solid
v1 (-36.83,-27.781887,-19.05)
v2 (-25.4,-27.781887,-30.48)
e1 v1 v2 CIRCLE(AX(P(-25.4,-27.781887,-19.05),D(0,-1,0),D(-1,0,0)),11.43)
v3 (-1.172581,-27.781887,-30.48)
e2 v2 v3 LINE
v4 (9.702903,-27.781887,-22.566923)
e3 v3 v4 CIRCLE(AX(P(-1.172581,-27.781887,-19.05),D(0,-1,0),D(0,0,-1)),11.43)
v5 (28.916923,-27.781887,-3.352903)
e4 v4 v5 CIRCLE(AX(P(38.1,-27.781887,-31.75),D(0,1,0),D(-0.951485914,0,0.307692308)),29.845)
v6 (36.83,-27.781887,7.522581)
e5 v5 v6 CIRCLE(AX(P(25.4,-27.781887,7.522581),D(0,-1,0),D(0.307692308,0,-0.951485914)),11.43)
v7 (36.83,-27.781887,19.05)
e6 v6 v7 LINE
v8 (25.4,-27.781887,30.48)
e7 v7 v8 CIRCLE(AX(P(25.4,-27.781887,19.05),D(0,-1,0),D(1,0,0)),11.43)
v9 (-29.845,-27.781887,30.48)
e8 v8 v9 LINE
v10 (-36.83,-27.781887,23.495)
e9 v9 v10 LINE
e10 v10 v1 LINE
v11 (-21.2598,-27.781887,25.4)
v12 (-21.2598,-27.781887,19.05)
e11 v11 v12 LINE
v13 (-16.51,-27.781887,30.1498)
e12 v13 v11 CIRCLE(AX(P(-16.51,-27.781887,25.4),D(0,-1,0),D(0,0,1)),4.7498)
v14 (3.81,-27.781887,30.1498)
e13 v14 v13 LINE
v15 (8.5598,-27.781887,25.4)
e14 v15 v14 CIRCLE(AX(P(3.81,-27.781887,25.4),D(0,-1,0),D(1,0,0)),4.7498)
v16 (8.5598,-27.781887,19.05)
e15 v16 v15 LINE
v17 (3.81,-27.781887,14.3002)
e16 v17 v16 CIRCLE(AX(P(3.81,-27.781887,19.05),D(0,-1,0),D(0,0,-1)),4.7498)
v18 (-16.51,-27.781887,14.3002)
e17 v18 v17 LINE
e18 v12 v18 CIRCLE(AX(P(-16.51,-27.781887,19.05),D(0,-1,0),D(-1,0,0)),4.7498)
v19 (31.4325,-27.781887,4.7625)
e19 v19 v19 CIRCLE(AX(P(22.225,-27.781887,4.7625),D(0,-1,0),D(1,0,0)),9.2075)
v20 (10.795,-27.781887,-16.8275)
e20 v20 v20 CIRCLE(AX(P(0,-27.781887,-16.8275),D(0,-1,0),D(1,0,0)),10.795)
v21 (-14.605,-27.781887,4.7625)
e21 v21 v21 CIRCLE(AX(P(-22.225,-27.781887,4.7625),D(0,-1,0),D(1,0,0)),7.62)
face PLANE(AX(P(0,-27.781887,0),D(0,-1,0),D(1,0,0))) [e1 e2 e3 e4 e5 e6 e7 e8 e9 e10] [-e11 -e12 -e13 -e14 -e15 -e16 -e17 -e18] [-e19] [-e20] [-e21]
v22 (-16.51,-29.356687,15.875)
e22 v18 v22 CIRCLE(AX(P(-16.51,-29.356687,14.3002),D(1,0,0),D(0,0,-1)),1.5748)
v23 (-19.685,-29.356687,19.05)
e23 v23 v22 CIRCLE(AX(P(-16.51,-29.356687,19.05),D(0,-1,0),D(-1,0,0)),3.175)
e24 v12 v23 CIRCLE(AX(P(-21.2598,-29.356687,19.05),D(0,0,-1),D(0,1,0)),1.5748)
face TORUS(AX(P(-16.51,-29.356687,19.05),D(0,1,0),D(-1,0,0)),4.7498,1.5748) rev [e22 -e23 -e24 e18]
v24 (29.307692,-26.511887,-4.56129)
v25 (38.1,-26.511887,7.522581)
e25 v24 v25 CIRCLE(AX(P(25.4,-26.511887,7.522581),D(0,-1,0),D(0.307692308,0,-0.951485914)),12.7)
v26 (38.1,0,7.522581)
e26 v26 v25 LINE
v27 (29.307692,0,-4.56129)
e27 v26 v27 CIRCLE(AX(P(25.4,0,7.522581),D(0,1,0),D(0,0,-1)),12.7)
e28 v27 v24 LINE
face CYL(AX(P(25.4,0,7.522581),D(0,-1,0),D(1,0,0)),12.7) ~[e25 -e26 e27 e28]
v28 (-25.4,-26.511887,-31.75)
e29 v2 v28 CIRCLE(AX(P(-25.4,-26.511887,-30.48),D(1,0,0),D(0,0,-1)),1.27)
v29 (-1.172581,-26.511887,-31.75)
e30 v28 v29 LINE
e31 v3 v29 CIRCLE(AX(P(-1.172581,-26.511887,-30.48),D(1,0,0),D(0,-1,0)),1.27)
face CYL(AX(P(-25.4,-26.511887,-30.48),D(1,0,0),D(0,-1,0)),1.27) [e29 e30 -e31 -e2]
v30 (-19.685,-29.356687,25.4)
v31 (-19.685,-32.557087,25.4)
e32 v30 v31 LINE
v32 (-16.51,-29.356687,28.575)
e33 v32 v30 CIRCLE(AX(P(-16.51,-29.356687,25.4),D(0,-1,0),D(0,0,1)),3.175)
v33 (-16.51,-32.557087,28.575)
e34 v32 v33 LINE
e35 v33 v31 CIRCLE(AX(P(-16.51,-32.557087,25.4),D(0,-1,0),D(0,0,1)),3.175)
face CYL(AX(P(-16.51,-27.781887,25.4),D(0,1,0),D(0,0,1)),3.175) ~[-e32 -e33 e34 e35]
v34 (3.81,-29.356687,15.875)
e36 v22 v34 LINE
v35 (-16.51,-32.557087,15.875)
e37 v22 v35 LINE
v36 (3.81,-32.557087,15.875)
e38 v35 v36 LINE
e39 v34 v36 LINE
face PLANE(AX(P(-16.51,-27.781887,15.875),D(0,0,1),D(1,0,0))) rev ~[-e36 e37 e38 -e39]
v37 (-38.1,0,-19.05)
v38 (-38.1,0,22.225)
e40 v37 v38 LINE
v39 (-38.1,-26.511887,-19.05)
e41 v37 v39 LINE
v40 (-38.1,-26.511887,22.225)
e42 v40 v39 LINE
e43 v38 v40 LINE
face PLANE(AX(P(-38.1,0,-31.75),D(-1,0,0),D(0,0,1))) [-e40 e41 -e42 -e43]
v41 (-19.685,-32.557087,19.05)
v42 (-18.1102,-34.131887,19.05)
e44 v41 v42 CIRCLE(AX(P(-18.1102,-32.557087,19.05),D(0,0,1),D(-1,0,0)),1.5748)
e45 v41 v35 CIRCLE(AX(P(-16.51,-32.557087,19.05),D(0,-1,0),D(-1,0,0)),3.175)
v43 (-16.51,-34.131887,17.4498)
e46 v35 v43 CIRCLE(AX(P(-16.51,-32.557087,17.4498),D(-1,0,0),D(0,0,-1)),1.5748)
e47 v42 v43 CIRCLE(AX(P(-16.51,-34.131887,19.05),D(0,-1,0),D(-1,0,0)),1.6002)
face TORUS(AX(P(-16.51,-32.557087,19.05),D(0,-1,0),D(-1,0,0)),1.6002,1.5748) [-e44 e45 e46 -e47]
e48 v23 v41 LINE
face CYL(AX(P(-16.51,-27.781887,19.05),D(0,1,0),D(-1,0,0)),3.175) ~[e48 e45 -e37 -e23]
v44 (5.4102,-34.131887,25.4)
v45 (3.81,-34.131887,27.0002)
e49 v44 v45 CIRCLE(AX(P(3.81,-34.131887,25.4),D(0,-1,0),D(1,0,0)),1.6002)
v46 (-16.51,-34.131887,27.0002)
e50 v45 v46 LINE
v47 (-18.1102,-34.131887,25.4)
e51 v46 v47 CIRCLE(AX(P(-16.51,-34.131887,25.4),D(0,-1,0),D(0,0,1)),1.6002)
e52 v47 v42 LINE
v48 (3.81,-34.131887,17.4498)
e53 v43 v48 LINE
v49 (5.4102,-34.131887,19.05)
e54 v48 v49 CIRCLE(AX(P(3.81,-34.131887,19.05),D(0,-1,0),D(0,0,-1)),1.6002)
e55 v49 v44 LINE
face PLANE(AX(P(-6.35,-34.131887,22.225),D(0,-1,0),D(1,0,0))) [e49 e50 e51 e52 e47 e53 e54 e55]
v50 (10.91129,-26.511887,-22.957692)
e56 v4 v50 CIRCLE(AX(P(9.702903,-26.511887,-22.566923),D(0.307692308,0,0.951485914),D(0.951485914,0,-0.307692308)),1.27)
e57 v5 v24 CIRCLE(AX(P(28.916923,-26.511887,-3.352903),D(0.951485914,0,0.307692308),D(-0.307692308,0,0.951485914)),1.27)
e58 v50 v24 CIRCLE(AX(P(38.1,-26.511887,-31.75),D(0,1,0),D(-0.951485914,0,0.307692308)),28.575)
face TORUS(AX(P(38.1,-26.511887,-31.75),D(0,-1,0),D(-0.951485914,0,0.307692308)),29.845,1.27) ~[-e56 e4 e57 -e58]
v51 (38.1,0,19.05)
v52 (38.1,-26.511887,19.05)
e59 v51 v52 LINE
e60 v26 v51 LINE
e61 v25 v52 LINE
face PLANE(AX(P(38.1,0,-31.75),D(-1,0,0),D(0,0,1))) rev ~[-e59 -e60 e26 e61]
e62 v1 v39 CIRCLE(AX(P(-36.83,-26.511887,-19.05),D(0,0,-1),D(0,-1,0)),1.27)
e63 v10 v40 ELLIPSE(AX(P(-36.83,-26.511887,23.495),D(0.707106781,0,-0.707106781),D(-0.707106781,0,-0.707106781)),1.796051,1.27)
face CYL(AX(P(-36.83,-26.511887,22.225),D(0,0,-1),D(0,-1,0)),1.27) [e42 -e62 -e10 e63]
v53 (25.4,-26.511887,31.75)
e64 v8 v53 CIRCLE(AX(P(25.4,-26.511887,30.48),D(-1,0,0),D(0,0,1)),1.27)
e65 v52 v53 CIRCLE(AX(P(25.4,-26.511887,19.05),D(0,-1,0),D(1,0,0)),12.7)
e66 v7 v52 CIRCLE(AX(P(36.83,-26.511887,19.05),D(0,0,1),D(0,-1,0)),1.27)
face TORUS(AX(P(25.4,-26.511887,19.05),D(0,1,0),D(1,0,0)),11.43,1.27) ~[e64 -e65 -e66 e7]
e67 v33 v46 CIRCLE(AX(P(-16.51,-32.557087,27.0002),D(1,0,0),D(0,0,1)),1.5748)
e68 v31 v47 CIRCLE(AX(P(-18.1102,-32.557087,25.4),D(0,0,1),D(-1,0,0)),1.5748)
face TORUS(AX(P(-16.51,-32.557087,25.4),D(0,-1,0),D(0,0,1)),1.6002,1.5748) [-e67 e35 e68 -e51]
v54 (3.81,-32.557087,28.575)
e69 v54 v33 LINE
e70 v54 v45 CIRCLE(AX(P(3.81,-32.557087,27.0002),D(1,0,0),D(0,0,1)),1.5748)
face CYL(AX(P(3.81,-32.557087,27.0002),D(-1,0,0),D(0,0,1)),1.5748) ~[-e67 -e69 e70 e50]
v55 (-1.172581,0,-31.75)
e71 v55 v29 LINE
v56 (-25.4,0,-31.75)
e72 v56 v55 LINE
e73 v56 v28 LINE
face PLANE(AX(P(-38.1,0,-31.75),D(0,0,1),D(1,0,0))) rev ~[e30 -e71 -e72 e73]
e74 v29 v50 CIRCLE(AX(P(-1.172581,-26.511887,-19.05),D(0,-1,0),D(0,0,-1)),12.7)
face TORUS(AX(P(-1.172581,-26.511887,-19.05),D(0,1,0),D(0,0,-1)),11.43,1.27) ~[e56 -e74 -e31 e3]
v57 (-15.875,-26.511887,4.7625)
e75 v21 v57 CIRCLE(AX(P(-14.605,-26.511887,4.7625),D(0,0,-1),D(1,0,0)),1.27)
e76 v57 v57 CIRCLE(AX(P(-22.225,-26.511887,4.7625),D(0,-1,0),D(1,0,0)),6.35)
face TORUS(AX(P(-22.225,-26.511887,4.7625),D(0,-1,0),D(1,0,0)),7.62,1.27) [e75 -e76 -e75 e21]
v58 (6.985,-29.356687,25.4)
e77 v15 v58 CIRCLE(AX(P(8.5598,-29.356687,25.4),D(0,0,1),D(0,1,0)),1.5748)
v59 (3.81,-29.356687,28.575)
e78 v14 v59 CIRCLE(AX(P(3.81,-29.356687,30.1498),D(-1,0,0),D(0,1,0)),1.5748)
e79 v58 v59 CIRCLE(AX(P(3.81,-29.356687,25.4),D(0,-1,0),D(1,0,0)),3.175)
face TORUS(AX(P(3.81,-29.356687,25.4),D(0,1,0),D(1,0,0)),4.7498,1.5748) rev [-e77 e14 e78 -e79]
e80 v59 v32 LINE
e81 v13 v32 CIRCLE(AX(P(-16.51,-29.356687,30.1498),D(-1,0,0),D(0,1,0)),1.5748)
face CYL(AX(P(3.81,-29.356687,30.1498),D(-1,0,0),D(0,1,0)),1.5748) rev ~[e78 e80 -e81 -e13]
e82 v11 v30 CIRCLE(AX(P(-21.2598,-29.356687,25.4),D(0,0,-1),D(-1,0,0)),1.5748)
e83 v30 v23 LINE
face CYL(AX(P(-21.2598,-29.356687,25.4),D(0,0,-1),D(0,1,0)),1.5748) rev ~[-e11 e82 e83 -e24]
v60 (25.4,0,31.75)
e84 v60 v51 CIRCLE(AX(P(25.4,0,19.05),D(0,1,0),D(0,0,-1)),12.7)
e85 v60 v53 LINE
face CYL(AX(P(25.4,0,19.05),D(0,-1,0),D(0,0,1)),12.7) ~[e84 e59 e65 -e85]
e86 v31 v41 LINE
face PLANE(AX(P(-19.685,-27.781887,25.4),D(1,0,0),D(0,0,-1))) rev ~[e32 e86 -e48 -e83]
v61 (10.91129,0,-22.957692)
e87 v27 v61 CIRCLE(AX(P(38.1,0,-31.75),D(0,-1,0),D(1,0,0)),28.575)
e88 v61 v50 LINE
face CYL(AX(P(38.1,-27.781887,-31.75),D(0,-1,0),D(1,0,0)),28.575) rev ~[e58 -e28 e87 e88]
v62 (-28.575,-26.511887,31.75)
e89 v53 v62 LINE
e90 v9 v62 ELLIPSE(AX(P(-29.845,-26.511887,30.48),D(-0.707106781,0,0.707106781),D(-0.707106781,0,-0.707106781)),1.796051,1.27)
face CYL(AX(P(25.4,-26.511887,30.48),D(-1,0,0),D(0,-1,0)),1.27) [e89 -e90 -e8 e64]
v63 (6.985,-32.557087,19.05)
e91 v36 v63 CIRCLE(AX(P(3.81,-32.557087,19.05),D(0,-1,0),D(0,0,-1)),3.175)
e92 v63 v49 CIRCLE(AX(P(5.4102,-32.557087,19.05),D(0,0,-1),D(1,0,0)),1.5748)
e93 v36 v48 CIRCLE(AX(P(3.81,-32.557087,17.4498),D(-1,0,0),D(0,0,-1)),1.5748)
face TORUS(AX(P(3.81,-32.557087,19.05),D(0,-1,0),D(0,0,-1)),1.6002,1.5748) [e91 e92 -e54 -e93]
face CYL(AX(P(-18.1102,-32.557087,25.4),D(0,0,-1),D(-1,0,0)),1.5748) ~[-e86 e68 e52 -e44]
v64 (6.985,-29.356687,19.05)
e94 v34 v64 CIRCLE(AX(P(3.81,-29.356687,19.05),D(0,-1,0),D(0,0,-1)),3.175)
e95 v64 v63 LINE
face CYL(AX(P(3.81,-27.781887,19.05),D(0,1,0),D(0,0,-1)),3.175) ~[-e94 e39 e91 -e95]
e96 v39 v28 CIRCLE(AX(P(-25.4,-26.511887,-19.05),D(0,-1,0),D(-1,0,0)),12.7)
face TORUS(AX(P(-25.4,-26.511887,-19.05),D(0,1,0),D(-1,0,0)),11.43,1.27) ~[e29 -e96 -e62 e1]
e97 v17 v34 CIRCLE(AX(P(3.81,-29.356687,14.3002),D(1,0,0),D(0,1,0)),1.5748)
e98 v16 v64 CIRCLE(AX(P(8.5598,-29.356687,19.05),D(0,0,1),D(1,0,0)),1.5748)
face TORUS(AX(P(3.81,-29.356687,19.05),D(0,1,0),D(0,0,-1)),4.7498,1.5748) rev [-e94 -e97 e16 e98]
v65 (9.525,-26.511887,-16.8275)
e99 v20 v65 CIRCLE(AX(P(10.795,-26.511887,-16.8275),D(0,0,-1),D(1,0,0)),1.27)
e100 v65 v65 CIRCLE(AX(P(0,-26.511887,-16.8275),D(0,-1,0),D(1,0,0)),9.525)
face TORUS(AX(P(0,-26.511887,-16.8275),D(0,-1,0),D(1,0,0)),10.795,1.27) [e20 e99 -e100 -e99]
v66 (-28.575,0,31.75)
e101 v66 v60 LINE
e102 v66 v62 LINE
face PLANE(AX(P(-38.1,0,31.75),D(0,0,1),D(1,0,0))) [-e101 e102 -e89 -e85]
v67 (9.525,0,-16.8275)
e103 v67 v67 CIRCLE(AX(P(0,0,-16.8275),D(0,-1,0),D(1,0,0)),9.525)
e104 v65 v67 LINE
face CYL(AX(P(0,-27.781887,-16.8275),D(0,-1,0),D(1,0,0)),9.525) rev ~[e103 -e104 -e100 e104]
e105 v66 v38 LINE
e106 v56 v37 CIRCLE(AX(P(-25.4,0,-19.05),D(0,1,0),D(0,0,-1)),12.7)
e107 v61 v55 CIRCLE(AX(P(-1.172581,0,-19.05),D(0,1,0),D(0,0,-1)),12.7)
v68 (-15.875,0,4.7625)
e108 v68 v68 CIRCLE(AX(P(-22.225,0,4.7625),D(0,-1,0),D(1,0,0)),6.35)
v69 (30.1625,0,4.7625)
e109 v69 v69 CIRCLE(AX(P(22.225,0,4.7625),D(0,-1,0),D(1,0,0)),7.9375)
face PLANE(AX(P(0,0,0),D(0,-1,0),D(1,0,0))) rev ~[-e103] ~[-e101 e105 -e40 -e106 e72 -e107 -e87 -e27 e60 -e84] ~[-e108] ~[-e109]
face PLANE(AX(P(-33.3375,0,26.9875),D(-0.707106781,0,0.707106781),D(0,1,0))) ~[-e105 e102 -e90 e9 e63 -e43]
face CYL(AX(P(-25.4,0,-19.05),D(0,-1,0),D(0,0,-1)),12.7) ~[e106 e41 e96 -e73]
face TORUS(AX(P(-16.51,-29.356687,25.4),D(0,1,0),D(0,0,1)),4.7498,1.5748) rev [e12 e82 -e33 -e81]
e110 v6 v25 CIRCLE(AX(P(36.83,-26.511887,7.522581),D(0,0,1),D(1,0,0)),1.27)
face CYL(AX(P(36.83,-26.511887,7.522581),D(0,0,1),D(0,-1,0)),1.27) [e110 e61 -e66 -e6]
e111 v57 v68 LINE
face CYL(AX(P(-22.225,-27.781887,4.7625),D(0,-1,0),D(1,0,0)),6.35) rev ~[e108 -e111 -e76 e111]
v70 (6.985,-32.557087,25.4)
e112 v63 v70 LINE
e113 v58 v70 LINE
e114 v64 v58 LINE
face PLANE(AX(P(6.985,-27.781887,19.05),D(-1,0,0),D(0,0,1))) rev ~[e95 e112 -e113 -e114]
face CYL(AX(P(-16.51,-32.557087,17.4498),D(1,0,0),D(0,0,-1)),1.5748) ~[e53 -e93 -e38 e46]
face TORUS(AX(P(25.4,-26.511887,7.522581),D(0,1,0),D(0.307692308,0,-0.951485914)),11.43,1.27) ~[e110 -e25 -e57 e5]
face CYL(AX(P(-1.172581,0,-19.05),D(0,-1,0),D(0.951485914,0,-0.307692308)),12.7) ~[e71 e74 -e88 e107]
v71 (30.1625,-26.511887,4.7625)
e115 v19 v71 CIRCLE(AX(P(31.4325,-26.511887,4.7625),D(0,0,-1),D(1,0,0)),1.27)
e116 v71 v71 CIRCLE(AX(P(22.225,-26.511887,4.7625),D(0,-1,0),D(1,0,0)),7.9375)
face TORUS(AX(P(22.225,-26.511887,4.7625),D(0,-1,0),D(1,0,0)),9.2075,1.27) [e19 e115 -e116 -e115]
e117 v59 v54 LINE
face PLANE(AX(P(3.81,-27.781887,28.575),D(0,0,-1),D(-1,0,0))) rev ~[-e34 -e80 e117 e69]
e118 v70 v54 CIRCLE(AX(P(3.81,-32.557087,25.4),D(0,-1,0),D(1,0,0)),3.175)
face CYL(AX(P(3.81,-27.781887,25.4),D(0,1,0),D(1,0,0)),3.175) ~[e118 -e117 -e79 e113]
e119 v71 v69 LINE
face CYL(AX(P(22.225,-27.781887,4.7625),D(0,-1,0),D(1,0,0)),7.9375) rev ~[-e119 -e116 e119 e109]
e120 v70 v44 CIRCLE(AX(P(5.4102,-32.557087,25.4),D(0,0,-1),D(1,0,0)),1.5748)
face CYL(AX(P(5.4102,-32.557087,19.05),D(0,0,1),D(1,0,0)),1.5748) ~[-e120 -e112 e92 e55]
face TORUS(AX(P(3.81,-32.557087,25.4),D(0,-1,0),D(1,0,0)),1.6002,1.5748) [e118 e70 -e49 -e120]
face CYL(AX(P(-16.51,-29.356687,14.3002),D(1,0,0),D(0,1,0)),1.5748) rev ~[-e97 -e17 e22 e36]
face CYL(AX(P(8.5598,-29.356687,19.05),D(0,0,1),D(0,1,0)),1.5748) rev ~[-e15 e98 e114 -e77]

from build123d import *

# Parameters (mm, degrees)
F0_W      = 76.2
F0_H      = 63.5
F1_DEPTH  = 27.7818869799
F2_R      = 6.35
F2_R_2    = 9.525
F2_R_3    = 7.9375
F3_DEPTH  = 27.7828869799
F4_R      = 12.7
F5_SIZE   = 9.525
F6_R      = 28.575
F7_DEPTH  = 27.7828869799
F8_R      = 12.7
F10_DEPTH = 6.35
F11_R     = 1.5748
F12_R     = 1.27


with BuildPart() as f1:
    # F0 (on Front) → F1 (new body)
    with BuildSketch(Plane.XZ):
        Rectangle(F0_W, F0_H)
    extrude(amount=F1_DEPTH)

    # F2 (on face) → F3 (cut, through all)
    with BuildSketch(Plane.XZ.offset(27.7818869799)):
        with Locations((-22.225, 4.7625)):
            Circle(F2_R)
        with Locations((0, -16.8275)):
            Circle(F2_R_2)
        with Locations((22.225, 4.7625)):
            Circle(F2_R_3)
    extrude(amount=-F3_DEPTH, mode=Mode.SUBTRACT)

    # F4
    f4_edges = [f1.edges().sort_by_distance(p)[0] for p in [
        (38.1, -13.890943, 31.75),
    ]]
    fillet(f4_edges, radius=F4_R)

    # F5
    f5_edges = [f1.edges().sort_by_distance(p)[0] for p in [
        (-38.1, -13.890943, 31.75),
    ]]
    chamfer(f5_edges, length=F5_SIZE)

    # F6 (on face) → F7 (cut, through all)
    with BuildSketch(Plane.XZ.offset(27.7818869799)):
        with Locations((38.1, -31.75)):
            Circle(F6_R)
    extrude(amount=-F7_DEPTH, mode=Mode.SUBTRACT)

    # F8
    f8_edges = [f1.edges().sort_by_distance(p)[0] for p in [
        (-38.1, -13.890943, -31.75),
        (9.525, -13.890943, -31.75),
        (38.1, -13.890943, -3.175),
    ]]
    fillet(f8_edges, radius=F8_R)

    # F9 (on face) → F10 (join)
    with BuildSketch(Plane.XZ.offset(27.7818869799)):
        with BuildLine():
            ThreePointArc((-19.685, 19.05), (-18.7550640303, 16.8049359697), (-16.51, 15.875))
            Line((-16.51, 15.875), (3.81, 15.875))
            ThreePointArc((3.81, 15.875), (6.0550640303, 16.8049359697), (6.985, 19.05))
            Line((6.985, 19.05), (6.985, 25.4))
            ThreePointArc((6.985, 25.4), (6.0550640303, 27.6450640303), (3.81, 28.575))
            Line((3.81, 28.575), (-16.51, 28.575))
            ThreePointArc((-16.51, 28.575), (-18.7550640303, 27.6450640303), (-19.685, 25.4))
            Line((-19.685, 25.4), (-19.685, 19.05))
        make_face()
    extrude(amount=F10_DEPTH)

    # F11
    f11_edges = [f1.edges().sort_by_distance(p)[0] for p in [
        (-18.755064, -34.131887, 16.804936),
        (-6.35, -34.131887, 15.875),
        (6.055064, -34.131887, 16.804936),
        (6.985, -34.131887, 22.225),
        (6.055064, -34.131887, 27.645064),
        (-6.35, -34.131887, 28.575),
        (-18.755064, -34.131887, 27.645064),
        (-19.685, -34.131887, 22.225),
        (-6.35, -27.781887, 28.575),
    ]]
    fillet(f11_edges, radius=F11_R)

    # F12
    f12_edges = [f1.edges().sort_by_distance(p)[0] for p in [
        (-28.575, -27.781887, 4.7625),
        (-9.525, -27.781887, -16.8275),
        (14.2875, -27.781887, 4.7625),
        (-13.286291, -27.781887, -31.75),
    ]]
    fillet(f12_edges, radius=F12_R)


solid = f1.part
